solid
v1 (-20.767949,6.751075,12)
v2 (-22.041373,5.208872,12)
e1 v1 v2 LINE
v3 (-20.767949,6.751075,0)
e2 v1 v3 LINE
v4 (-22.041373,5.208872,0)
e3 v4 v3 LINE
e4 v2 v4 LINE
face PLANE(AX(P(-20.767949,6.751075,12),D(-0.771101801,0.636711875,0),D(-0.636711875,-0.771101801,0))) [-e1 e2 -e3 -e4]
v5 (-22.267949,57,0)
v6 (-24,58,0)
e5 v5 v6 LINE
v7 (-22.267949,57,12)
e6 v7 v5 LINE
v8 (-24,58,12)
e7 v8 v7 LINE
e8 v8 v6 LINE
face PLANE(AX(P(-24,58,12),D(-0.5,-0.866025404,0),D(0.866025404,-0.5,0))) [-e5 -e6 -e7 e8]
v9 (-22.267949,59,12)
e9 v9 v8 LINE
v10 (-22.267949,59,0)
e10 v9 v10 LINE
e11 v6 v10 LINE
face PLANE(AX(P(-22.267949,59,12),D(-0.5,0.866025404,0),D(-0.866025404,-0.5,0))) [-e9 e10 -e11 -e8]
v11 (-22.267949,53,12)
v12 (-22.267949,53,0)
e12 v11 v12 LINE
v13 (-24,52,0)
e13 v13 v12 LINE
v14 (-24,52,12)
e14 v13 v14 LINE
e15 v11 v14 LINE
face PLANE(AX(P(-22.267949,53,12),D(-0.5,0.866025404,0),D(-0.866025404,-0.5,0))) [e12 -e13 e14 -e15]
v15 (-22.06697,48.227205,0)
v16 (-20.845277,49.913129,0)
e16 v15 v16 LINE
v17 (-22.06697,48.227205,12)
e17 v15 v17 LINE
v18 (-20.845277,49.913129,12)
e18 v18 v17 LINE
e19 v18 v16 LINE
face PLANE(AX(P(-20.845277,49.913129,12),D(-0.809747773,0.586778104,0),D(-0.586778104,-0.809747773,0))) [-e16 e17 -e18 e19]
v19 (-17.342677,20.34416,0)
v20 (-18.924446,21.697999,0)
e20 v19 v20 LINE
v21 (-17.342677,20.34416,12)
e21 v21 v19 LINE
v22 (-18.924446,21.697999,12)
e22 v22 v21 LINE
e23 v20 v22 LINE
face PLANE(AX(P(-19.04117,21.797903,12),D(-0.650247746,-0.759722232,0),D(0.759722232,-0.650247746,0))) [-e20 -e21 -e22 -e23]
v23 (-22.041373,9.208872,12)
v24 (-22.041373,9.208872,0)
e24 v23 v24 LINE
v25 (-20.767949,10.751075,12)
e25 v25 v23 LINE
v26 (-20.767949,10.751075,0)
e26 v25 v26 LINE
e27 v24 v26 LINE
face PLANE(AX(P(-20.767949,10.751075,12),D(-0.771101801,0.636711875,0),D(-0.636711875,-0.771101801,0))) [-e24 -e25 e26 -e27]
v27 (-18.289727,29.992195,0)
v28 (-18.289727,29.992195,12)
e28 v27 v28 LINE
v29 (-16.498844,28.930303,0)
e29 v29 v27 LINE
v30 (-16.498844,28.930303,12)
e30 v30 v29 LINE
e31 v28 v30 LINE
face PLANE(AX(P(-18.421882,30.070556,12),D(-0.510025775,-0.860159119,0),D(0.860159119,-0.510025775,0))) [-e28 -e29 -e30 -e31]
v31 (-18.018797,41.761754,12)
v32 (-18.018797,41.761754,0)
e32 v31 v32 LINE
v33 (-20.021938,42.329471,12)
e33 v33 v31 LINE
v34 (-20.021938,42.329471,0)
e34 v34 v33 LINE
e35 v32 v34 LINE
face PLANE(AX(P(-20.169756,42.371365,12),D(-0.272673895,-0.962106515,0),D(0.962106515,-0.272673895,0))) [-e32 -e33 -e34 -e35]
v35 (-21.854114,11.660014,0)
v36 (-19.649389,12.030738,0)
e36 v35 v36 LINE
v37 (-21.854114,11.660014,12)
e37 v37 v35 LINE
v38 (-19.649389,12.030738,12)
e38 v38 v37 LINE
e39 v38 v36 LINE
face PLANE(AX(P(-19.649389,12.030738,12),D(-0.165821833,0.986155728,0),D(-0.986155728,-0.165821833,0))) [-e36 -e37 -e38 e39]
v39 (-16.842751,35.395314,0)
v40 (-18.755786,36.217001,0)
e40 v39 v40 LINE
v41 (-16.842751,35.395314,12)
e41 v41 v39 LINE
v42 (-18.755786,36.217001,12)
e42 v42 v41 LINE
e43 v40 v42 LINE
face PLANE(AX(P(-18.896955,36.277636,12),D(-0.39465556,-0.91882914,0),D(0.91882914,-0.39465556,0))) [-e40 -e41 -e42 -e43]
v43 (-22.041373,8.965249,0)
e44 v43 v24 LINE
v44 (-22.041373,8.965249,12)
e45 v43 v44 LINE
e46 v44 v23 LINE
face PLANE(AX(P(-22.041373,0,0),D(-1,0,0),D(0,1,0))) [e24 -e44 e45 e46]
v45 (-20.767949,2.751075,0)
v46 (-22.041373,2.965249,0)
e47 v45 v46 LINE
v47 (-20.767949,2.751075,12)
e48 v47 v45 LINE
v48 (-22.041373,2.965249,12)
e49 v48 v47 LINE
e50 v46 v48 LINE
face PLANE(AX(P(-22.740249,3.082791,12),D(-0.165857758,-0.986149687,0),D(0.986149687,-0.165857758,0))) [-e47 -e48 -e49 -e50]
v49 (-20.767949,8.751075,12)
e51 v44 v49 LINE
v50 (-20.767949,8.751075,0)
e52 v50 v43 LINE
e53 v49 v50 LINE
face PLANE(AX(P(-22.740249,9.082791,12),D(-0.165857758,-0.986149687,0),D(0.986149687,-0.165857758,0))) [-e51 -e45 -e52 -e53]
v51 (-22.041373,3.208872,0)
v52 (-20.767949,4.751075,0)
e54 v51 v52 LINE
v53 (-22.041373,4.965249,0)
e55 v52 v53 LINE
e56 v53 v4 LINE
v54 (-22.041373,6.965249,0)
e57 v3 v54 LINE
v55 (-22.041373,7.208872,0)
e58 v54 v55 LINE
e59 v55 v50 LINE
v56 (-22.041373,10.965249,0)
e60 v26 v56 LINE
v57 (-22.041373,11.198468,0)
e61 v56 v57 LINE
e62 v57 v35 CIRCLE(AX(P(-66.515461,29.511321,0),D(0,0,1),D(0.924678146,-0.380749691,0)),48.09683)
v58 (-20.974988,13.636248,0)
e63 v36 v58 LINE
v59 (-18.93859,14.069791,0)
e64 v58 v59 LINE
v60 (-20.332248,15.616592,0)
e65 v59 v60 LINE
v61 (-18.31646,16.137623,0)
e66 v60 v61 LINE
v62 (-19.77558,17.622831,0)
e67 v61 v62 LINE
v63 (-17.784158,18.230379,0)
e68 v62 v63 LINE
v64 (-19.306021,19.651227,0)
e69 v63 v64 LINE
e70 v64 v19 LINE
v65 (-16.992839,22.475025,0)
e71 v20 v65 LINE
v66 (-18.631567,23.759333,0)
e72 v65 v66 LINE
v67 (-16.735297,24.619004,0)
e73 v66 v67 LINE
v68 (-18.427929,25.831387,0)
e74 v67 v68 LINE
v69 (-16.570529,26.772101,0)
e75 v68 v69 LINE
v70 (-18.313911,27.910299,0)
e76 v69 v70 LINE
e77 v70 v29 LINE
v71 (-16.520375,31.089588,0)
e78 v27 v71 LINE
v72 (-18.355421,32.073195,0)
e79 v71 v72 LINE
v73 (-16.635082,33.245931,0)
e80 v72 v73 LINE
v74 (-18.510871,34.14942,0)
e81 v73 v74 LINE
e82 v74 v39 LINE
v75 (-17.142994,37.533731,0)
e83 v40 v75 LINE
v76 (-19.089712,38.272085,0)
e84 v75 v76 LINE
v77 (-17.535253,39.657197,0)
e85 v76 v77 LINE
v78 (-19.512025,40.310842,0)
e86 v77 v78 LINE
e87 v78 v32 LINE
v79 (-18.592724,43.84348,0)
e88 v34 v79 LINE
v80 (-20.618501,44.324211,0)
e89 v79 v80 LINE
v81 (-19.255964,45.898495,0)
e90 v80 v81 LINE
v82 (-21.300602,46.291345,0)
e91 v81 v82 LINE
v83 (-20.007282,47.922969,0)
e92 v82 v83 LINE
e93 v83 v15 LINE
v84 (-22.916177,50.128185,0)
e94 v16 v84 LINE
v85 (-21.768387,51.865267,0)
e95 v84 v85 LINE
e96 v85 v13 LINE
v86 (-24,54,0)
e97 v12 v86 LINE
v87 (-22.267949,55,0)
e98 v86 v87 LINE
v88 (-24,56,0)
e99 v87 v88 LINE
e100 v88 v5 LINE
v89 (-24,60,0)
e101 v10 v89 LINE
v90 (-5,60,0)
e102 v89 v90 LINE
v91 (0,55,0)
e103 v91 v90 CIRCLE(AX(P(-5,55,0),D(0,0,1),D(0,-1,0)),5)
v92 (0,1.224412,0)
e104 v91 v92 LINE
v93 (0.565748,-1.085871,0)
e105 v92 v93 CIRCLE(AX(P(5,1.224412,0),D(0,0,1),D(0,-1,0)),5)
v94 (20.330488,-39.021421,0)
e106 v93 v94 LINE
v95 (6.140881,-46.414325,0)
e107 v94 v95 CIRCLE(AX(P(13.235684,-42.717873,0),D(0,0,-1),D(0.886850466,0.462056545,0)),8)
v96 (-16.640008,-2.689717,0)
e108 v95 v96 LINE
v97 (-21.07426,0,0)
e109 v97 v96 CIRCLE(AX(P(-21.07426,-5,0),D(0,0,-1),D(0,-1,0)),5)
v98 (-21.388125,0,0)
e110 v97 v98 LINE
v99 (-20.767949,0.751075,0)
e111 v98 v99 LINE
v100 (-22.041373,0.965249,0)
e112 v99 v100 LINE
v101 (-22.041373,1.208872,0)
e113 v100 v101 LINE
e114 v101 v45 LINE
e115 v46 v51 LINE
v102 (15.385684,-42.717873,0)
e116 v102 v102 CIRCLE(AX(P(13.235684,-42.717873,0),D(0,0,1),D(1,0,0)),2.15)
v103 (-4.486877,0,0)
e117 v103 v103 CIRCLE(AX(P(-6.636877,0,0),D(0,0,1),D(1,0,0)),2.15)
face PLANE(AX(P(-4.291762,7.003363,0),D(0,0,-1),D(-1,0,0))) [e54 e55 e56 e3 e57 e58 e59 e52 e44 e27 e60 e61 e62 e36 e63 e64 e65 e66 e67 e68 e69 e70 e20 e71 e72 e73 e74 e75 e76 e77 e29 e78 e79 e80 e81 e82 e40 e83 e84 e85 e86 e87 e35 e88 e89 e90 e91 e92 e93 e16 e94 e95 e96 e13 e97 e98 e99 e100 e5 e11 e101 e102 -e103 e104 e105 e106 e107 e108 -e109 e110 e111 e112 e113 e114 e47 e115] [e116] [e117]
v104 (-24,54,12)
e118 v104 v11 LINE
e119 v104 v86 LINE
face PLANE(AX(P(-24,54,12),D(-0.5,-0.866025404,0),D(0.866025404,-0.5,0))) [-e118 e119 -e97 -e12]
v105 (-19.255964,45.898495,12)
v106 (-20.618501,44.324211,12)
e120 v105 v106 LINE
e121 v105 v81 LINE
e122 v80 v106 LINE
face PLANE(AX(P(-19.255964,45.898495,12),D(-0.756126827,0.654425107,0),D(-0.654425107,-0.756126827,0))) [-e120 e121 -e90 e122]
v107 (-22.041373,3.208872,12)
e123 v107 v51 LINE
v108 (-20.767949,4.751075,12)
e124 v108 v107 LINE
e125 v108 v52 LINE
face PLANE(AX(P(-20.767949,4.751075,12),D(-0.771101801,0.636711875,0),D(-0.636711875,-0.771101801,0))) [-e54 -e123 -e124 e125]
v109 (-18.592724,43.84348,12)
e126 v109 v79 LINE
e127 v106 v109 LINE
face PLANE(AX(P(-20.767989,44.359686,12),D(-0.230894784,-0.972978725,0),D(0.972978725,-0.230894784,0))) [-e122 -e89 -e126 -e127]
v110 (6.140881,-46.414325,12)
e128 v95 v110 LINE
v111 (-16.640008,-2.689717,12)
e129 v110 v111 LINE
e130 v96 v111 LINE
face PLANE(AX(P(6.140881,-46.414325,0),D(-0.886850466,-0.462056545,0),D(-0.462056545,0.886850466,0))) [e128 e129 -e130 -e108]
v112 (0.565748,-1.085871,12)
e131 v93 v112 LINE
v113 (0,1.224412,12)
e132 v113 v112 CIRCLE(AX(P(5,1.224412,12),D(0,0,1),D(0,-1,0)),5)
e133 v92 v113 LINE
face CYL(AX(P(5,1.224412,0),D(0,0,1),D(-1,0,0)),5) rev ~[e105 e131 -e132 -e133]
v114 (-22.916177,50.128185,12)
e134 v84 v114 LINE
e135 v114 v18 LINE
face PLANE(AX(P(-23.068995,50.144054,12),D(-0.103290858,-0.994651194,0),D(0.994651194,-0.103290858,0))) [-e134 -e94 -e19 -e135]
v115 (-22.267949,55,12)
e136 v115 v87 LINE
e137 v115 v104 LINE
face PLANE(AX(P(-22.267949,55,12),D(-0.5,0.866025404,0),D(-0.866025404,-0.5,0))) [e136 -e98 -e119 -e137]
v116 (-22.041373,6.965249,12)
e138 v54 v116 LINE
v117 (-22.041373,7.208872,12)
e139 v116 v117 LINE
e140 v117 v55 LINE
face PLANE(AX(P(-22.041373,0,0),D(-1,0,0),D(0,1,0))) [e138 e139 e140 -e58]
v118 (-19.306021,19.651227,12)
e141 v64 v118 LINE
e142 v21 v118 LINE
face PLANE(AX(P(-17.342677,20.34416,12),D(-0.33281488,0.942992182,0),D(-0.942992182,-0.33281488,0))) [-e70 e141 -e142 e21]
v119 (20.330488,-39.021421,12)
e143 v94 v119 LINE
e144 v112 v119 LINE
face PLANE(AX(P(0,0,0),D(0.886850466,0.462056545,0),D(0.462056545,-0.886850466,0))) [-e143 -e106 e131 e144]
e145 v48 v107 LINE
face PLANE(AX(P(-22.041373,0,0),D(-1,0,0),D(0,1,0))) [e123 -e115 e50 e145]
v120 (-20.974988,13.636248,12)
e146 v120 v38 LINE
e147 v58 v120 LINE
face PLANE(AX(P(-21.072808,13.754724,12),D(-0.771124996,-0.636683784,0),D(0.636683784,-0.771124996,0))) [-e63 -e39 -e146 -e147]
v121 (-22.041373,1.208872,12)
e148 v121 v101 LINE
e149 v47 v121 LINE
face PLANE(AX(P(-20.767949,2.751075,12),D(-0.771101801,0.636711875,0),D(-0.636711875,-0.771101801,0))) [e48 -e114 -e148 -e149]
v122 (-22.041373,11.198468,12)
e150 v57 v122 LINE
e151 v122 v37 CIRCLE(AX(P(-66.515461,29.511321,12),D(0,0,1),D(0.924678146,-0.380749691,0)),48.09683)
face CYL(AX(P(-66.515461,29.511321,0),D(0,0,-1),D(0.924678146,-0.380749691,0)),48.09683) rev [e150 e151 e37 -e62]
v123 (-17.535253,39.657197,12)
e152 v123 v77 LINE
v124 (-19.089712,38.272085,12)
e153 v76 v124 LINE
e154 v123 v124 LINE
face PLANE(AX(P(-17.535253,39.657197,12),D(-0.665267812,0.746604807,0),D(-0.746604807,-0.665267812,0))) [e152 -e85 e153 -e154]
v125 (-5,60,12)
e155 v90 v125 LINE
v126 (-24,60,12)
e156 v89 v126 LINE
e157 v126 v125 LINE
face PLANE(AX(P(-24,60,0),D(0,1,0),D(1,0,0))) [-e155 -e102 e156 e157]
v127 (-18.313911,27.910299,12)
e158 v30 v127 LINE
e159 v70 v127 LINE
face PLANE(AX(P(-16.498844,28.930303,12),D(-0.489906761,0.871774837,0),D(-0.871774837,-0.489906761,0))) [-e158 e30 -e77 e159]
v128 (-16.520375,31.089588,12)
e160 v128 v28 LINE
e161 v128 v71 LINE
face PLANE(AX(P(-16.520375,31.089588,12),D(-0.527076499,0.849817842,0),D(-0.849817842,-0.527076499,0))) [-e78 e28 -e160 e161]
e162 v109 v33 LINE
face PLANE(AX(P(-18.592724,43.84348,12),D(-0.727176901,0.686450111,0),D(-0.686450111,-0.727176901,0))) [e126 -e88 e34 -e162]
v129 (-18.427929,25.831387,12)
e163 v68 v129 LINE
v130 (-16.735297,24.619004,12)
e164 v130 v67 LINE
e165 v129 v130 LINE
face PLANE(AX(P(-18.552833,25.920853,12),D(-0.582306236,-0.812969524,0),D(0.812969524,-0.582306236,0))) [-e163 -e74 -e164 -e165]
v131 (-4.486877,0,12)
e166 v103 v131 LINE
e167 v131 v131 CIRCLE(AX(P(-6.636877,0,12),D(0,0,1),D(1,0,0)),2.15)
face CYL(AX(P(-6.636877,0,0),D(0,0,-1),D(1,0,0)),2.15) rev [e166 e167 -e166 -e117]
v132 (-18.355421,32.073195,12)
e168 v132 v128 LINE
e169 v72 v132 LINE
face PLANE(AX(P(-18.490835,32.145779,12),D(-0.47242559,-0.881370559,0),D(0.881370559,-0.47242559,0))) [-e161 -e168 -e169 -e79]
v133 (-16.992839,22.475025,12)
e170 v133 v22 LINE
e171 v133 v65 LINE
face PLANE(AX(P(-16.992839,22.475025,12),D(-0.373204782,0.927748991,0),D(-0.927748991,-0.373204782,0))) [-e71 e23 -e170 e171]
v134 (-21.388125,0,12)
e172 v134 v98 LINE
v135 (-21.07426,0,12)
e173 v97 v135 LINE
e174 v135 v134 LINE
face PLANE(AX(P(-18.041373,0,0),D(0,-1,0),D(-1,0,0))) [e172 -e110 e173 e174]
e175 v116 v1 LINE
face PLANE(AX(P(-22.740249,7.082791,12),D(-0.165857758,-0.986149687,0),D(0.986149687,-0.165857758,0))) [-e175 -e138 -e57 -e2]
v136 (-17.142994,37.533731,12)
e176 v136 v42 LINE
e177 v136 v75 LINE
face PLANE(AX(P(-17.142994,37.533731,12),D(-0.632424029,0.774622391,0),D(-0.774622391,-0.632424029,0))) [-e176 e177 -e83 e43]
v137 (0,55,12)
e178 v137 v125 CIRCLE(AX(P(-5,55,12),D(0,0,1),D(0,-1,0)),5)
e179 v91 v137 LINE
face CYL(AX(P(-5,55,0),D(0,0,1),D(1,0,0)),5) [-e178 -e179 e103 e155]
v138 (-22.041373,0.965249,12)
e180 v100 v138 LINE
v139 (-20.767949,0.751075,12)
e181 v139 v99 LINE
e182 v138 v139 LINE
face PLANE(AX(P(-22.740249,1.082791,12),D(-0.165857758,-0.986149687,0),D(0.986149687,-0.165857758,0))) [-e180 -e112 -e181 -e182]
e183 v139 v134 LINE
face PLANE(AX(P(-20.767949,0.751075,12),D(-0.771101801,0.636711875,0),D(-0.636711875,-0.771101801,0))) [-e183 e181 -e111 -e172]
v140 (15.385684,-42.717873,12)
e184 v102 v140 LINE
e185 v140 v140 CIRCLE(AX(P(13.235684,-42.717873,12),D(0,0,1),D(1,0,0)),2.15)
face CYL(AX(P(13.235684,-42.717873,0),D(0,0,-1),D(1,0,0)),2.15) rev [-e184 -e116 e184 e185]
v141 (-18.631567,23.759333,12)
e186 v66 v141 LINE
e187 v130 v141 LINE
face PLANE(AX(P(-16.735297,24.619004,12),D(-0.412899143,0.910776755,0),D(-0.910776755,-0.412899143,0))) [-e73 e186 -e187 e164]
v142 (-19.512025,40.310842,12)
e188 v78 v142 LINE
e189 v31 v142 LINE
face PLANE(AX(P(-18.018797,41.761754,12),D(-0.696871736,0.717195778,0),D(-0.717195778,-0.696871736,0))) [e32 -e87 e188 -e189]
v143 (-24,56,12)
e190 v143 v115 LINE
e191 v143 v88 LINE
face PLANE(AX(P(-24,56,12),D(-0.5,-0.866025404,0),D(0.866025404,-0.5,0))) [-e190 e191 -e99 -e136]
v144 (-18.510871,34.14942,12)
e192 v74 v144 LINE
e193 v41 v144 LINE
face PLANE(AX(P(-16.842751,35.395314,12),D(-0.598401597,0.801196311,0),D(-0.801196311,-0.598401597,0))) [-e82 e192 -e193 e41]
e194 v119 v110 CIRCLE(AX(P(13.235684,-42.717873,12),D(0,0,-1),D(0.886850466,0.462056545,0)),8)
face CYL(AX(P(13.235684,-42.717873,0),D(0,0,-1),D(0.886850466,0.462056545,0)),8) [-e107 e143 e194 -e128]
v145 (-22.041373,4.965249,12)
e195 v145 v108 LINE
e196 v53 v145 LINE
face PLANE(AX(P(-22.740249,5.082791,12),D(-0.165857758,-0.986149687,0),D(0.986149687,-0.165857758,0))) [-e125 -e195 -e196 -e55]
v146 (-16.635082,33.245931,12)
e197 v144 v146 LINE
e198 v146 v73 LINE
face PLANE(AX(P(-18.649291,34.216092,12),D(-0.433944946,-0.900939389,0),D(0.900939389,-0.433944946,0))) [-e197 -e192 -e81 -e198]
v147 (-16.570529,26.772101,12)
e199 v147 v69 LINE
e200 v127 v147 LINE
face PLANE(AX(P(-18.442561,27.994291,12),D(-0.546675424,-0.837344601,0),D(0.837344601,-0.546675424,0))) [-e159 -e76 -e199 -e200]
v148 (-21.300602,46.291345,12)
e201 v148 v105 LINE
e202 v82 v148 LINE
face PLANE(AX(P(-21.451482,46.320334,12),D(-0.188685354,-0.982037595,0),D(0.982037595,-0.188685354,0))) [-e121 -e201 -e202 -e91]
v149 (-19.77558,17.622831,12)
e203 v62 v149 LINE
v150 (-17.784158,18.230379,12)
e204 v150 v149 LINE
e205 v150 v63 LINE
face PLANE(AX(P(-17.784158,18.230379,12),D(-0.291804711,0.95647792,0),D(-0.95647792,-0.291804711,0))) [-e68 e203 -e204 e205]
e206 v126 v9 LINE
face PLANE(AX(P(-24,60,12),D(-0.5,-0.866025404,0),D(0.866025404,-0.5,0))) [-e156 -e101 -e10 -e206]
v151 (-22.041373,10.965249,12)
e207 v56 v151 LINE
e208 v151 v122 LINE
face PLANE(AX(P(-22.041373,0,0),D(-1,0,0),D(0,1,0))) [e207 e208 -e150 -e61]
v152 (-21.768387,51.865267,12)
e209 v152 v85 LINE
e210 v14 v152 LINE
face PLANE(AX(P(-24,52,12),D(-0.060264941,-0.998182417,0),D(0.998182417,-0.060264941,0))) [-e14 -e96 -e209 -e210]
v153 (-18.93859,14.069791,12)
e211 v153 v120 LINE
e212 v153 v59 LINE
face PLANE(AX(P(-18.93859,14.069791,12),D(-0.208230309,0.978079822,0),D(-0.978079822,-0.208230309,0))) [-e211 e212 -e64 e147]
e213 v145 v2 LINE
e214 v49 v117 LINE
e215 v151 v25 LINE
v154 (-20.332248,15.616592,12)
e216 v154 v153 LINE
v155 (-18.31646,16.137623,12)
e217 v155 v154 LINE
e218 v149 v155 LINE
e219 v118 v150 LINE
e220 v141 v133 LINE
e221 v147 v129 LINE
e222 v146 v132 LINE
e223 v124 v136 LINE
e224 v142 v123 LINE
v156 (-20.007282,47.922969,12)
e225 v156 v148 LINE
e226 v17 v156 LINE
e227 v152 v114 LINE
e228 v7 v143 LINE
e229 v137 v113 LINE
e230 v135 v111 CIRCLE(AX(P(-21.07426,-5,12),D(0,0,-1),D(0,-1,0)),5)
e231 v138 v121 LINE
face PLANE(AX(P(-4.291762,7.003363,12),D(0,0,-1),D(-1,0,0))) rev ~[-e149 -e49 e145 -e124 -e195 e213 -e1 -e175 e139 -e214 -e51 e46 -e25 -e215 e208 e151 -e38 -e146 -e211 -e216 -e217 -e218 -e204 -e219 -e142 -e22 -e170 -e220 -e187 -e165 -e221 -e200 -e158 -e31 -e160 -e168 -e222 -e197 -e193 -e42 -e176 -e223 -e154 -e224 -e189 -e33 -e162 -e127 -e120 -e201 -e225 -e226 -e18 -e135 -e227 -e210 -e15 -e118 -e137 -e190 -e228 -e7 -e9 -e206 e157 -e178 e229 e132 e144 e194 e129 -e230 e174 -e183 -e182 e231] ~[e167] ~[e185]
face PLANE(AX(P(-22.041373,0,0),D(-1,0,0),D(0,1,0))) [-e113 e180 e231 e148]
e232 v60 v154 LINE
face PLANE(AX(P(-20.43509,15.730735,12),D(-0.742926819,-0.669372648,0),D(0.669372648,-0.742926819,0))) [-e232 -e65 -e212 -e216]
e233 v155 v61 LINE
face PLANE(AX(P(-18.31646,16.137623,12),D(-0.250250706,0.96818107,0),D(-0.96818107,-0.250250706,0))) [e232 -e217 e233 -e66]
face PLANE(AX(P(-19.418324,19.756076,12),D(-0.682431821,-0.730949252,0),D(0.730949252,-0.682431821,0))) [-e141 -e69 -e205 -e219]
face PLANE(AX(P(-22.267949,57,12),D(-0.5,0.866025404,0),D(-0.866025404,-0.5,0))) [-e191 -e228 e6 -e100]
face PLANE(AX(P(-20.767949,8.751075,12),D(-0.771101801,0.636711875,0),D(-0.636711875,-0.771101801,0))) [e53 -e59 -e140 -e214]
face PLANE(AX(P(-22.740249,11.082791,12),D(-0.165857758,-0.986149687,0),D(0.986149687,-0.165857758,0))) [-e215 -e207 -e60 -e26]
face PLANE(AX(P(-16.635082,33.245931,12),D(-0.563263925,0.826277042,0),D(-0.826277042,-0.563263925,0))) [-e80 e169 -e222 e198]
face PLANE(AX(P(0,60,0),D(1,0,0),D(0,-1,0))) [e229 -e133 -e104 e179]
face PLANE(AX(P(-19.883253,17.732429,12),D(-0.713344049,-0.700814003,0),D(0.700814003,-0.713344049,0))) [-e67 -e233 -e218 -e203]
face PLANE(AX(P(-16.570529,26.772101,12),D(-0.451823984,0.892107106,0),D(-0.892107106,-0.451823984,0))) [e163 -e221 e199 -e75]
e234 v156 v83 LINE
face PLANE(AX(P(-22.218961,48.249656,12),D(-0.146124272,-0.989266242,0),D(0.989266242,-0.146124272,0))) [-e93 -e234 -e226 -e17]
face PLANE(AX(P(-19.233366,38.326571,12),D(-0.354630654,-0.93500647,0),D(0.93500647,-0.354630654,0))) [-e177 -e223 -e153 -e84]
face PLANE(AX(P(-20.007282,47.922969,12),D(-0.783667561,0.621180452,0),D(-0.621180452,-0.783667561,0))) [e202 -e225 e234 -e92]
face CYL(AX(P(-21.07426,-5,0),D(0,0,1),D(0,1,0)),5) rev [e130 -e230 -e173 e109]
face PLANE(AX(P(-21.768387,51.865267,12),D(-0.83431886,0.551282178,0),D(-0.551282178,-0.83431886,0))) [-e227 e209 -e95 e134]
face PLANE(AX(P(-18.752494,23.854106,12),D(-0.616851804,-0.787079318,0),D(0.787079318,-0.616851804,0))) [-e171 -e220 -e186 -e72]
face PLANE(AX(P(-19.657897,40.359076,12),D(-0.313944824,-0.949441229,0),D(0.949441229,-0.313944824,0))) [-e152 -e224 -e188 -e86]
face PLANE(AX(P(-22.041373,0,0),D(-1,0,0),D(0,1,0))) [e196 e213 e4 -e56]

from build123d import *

# Parameters (mm, degrees)
SKETCH1_R           = 2.15
BOSS_EXTRUDE1_DEPTH = 12
CUT_EXTRUDE1_DEPTH  = 66.726706901
LPATTERN1_COUNT     = 4
LPATTERN1_PITCH     = 2
FILLET1_R           = 5
CUT_EXTRUDE2_DEPTH  = 66.726706901
CIRPATTERN1_COUNT   = 20
CIRPATTERN1_ANGLE   = 47
CUT_EXTRUDE3_DEPTH  = 66.726706901
LPATTERN2_COUNT     = 8
LPATTERN2_PITCH     = 2


with BuildPart() as part:
    # Sketch1 → Boss-Extrude1 (new body)
    with BuildSketch(Plane.XY):
        with BuildLine():
            Line((0, 60), (0, 0))
            Line((0, 0), (20.330487993, -39.021420502))
            ThreePointArc((20.330487993, -39.021420502), (16.932136627, -49.812676592), (6.140880537, -46.414325226))
            Line((6.140880537, -46.414325226), (-18.041372942, 0))
            Line((-18.041372942, 0), (-22.041372942, 0))
            Line((-22.041372942, 0), (-22.041372942, 11.19846791))
            ThreePointArc((-22.041372942, 11.19846791), (-18.473951147, 31.817494358), (-24, 52))
            Line((-24, 52), (-24, 60))
            Line((-24, 60), (0, 60))
        make_face()
        with Locations((-6.63687696, 0)):
            Circle(SKETCH1_R, mode=Mode.SUBTRACT)
        with Locations((13.235684265, -42.717872864)):
            Circle(SKETCH1_R, mode=Mode.SUBTRACT)
    extrude(amount=BOSS_EXTRUDE1_DEPTH)

    # Sketch2 → Cut-Extrude1 (cut, through all)
    with BuildSketch(Plane.XY.offset(12)):
        Polygon((-24, 60), (-22.267949192, 59), (-24, 58), align=None)
    cut_extrude1 = extrude(amount=-CUT_EXTRUDE1_DEPTH, mode=Mode.SUBTRACT)

    # LPattern1: Cut-Extrude1 ×4
    with Locations(*[(0, -i * LPATTERN1_PITCH, 0) for i in range(1, LPATTERN1_COUNT)]):
        add(cut_extrude1, mode=Mode.SUBTRACT)

    # Fillet1
    fillet1_edges = [part.edges().sort_by_distance(p)[0] for p in [
        (0, 60, 6),
        (0, 0, 6),
        (-18.041372942, 0, 6),
    ]]
    fillet(fillet1_edges, radius=FILLET1_R)

    # Sketch3 → Cut-Extrude2 (cut, through all)
    with BuildSketch(Plane.XY.offset(12)):
        Polygon((-24, 52), (-21.768387007, 51.865267087), (-23.000875629, 50), align=None)
    cut_extrude2 = extrude(amount=-CUT_EXTRUDE2_DEPTH, mode=Mode.SUBTRACT)

    # CirPattern1: Cut-Extrude2 ×20 about axis
    cirpattern1_axis = Axis((-66.515460733, 29.511321139, 0), (0, 0, -1))
    for i in range(1, CIRPATTERN1_COUNT):
        add(cut_extrude2.rotate(cirpattern1_axis, i * CIRPATTERN1_ANGLE / (CIRPATTERN1_COUNT - 1)), mode=Mode.SUBTRACT)

    # Sketch4 → Cut-Extrude3 (cut, through all)
    with BuildSketch(Plane.XY.offset(12)):
        Polygon((-22.740248565, 11.082790864), (-20.767949192, 10.751075349), (-22.041372942, 9.208871746), align=None)
    cut_extrude3 = extrude(amount=-CUT_EXTRUDE3_DEPTH, mode=Mode.SUBTRACT)

    # LPattern2: Cut-Extrude3 ×8
    with Locations(*[(0, -i * LPATTERN2_PITCH, 0) for i in range(1, LPATTERN2_COUNT)]):
        add(cut_extrude3, mode=Mode.SUBTRACT)


solid = part.part
